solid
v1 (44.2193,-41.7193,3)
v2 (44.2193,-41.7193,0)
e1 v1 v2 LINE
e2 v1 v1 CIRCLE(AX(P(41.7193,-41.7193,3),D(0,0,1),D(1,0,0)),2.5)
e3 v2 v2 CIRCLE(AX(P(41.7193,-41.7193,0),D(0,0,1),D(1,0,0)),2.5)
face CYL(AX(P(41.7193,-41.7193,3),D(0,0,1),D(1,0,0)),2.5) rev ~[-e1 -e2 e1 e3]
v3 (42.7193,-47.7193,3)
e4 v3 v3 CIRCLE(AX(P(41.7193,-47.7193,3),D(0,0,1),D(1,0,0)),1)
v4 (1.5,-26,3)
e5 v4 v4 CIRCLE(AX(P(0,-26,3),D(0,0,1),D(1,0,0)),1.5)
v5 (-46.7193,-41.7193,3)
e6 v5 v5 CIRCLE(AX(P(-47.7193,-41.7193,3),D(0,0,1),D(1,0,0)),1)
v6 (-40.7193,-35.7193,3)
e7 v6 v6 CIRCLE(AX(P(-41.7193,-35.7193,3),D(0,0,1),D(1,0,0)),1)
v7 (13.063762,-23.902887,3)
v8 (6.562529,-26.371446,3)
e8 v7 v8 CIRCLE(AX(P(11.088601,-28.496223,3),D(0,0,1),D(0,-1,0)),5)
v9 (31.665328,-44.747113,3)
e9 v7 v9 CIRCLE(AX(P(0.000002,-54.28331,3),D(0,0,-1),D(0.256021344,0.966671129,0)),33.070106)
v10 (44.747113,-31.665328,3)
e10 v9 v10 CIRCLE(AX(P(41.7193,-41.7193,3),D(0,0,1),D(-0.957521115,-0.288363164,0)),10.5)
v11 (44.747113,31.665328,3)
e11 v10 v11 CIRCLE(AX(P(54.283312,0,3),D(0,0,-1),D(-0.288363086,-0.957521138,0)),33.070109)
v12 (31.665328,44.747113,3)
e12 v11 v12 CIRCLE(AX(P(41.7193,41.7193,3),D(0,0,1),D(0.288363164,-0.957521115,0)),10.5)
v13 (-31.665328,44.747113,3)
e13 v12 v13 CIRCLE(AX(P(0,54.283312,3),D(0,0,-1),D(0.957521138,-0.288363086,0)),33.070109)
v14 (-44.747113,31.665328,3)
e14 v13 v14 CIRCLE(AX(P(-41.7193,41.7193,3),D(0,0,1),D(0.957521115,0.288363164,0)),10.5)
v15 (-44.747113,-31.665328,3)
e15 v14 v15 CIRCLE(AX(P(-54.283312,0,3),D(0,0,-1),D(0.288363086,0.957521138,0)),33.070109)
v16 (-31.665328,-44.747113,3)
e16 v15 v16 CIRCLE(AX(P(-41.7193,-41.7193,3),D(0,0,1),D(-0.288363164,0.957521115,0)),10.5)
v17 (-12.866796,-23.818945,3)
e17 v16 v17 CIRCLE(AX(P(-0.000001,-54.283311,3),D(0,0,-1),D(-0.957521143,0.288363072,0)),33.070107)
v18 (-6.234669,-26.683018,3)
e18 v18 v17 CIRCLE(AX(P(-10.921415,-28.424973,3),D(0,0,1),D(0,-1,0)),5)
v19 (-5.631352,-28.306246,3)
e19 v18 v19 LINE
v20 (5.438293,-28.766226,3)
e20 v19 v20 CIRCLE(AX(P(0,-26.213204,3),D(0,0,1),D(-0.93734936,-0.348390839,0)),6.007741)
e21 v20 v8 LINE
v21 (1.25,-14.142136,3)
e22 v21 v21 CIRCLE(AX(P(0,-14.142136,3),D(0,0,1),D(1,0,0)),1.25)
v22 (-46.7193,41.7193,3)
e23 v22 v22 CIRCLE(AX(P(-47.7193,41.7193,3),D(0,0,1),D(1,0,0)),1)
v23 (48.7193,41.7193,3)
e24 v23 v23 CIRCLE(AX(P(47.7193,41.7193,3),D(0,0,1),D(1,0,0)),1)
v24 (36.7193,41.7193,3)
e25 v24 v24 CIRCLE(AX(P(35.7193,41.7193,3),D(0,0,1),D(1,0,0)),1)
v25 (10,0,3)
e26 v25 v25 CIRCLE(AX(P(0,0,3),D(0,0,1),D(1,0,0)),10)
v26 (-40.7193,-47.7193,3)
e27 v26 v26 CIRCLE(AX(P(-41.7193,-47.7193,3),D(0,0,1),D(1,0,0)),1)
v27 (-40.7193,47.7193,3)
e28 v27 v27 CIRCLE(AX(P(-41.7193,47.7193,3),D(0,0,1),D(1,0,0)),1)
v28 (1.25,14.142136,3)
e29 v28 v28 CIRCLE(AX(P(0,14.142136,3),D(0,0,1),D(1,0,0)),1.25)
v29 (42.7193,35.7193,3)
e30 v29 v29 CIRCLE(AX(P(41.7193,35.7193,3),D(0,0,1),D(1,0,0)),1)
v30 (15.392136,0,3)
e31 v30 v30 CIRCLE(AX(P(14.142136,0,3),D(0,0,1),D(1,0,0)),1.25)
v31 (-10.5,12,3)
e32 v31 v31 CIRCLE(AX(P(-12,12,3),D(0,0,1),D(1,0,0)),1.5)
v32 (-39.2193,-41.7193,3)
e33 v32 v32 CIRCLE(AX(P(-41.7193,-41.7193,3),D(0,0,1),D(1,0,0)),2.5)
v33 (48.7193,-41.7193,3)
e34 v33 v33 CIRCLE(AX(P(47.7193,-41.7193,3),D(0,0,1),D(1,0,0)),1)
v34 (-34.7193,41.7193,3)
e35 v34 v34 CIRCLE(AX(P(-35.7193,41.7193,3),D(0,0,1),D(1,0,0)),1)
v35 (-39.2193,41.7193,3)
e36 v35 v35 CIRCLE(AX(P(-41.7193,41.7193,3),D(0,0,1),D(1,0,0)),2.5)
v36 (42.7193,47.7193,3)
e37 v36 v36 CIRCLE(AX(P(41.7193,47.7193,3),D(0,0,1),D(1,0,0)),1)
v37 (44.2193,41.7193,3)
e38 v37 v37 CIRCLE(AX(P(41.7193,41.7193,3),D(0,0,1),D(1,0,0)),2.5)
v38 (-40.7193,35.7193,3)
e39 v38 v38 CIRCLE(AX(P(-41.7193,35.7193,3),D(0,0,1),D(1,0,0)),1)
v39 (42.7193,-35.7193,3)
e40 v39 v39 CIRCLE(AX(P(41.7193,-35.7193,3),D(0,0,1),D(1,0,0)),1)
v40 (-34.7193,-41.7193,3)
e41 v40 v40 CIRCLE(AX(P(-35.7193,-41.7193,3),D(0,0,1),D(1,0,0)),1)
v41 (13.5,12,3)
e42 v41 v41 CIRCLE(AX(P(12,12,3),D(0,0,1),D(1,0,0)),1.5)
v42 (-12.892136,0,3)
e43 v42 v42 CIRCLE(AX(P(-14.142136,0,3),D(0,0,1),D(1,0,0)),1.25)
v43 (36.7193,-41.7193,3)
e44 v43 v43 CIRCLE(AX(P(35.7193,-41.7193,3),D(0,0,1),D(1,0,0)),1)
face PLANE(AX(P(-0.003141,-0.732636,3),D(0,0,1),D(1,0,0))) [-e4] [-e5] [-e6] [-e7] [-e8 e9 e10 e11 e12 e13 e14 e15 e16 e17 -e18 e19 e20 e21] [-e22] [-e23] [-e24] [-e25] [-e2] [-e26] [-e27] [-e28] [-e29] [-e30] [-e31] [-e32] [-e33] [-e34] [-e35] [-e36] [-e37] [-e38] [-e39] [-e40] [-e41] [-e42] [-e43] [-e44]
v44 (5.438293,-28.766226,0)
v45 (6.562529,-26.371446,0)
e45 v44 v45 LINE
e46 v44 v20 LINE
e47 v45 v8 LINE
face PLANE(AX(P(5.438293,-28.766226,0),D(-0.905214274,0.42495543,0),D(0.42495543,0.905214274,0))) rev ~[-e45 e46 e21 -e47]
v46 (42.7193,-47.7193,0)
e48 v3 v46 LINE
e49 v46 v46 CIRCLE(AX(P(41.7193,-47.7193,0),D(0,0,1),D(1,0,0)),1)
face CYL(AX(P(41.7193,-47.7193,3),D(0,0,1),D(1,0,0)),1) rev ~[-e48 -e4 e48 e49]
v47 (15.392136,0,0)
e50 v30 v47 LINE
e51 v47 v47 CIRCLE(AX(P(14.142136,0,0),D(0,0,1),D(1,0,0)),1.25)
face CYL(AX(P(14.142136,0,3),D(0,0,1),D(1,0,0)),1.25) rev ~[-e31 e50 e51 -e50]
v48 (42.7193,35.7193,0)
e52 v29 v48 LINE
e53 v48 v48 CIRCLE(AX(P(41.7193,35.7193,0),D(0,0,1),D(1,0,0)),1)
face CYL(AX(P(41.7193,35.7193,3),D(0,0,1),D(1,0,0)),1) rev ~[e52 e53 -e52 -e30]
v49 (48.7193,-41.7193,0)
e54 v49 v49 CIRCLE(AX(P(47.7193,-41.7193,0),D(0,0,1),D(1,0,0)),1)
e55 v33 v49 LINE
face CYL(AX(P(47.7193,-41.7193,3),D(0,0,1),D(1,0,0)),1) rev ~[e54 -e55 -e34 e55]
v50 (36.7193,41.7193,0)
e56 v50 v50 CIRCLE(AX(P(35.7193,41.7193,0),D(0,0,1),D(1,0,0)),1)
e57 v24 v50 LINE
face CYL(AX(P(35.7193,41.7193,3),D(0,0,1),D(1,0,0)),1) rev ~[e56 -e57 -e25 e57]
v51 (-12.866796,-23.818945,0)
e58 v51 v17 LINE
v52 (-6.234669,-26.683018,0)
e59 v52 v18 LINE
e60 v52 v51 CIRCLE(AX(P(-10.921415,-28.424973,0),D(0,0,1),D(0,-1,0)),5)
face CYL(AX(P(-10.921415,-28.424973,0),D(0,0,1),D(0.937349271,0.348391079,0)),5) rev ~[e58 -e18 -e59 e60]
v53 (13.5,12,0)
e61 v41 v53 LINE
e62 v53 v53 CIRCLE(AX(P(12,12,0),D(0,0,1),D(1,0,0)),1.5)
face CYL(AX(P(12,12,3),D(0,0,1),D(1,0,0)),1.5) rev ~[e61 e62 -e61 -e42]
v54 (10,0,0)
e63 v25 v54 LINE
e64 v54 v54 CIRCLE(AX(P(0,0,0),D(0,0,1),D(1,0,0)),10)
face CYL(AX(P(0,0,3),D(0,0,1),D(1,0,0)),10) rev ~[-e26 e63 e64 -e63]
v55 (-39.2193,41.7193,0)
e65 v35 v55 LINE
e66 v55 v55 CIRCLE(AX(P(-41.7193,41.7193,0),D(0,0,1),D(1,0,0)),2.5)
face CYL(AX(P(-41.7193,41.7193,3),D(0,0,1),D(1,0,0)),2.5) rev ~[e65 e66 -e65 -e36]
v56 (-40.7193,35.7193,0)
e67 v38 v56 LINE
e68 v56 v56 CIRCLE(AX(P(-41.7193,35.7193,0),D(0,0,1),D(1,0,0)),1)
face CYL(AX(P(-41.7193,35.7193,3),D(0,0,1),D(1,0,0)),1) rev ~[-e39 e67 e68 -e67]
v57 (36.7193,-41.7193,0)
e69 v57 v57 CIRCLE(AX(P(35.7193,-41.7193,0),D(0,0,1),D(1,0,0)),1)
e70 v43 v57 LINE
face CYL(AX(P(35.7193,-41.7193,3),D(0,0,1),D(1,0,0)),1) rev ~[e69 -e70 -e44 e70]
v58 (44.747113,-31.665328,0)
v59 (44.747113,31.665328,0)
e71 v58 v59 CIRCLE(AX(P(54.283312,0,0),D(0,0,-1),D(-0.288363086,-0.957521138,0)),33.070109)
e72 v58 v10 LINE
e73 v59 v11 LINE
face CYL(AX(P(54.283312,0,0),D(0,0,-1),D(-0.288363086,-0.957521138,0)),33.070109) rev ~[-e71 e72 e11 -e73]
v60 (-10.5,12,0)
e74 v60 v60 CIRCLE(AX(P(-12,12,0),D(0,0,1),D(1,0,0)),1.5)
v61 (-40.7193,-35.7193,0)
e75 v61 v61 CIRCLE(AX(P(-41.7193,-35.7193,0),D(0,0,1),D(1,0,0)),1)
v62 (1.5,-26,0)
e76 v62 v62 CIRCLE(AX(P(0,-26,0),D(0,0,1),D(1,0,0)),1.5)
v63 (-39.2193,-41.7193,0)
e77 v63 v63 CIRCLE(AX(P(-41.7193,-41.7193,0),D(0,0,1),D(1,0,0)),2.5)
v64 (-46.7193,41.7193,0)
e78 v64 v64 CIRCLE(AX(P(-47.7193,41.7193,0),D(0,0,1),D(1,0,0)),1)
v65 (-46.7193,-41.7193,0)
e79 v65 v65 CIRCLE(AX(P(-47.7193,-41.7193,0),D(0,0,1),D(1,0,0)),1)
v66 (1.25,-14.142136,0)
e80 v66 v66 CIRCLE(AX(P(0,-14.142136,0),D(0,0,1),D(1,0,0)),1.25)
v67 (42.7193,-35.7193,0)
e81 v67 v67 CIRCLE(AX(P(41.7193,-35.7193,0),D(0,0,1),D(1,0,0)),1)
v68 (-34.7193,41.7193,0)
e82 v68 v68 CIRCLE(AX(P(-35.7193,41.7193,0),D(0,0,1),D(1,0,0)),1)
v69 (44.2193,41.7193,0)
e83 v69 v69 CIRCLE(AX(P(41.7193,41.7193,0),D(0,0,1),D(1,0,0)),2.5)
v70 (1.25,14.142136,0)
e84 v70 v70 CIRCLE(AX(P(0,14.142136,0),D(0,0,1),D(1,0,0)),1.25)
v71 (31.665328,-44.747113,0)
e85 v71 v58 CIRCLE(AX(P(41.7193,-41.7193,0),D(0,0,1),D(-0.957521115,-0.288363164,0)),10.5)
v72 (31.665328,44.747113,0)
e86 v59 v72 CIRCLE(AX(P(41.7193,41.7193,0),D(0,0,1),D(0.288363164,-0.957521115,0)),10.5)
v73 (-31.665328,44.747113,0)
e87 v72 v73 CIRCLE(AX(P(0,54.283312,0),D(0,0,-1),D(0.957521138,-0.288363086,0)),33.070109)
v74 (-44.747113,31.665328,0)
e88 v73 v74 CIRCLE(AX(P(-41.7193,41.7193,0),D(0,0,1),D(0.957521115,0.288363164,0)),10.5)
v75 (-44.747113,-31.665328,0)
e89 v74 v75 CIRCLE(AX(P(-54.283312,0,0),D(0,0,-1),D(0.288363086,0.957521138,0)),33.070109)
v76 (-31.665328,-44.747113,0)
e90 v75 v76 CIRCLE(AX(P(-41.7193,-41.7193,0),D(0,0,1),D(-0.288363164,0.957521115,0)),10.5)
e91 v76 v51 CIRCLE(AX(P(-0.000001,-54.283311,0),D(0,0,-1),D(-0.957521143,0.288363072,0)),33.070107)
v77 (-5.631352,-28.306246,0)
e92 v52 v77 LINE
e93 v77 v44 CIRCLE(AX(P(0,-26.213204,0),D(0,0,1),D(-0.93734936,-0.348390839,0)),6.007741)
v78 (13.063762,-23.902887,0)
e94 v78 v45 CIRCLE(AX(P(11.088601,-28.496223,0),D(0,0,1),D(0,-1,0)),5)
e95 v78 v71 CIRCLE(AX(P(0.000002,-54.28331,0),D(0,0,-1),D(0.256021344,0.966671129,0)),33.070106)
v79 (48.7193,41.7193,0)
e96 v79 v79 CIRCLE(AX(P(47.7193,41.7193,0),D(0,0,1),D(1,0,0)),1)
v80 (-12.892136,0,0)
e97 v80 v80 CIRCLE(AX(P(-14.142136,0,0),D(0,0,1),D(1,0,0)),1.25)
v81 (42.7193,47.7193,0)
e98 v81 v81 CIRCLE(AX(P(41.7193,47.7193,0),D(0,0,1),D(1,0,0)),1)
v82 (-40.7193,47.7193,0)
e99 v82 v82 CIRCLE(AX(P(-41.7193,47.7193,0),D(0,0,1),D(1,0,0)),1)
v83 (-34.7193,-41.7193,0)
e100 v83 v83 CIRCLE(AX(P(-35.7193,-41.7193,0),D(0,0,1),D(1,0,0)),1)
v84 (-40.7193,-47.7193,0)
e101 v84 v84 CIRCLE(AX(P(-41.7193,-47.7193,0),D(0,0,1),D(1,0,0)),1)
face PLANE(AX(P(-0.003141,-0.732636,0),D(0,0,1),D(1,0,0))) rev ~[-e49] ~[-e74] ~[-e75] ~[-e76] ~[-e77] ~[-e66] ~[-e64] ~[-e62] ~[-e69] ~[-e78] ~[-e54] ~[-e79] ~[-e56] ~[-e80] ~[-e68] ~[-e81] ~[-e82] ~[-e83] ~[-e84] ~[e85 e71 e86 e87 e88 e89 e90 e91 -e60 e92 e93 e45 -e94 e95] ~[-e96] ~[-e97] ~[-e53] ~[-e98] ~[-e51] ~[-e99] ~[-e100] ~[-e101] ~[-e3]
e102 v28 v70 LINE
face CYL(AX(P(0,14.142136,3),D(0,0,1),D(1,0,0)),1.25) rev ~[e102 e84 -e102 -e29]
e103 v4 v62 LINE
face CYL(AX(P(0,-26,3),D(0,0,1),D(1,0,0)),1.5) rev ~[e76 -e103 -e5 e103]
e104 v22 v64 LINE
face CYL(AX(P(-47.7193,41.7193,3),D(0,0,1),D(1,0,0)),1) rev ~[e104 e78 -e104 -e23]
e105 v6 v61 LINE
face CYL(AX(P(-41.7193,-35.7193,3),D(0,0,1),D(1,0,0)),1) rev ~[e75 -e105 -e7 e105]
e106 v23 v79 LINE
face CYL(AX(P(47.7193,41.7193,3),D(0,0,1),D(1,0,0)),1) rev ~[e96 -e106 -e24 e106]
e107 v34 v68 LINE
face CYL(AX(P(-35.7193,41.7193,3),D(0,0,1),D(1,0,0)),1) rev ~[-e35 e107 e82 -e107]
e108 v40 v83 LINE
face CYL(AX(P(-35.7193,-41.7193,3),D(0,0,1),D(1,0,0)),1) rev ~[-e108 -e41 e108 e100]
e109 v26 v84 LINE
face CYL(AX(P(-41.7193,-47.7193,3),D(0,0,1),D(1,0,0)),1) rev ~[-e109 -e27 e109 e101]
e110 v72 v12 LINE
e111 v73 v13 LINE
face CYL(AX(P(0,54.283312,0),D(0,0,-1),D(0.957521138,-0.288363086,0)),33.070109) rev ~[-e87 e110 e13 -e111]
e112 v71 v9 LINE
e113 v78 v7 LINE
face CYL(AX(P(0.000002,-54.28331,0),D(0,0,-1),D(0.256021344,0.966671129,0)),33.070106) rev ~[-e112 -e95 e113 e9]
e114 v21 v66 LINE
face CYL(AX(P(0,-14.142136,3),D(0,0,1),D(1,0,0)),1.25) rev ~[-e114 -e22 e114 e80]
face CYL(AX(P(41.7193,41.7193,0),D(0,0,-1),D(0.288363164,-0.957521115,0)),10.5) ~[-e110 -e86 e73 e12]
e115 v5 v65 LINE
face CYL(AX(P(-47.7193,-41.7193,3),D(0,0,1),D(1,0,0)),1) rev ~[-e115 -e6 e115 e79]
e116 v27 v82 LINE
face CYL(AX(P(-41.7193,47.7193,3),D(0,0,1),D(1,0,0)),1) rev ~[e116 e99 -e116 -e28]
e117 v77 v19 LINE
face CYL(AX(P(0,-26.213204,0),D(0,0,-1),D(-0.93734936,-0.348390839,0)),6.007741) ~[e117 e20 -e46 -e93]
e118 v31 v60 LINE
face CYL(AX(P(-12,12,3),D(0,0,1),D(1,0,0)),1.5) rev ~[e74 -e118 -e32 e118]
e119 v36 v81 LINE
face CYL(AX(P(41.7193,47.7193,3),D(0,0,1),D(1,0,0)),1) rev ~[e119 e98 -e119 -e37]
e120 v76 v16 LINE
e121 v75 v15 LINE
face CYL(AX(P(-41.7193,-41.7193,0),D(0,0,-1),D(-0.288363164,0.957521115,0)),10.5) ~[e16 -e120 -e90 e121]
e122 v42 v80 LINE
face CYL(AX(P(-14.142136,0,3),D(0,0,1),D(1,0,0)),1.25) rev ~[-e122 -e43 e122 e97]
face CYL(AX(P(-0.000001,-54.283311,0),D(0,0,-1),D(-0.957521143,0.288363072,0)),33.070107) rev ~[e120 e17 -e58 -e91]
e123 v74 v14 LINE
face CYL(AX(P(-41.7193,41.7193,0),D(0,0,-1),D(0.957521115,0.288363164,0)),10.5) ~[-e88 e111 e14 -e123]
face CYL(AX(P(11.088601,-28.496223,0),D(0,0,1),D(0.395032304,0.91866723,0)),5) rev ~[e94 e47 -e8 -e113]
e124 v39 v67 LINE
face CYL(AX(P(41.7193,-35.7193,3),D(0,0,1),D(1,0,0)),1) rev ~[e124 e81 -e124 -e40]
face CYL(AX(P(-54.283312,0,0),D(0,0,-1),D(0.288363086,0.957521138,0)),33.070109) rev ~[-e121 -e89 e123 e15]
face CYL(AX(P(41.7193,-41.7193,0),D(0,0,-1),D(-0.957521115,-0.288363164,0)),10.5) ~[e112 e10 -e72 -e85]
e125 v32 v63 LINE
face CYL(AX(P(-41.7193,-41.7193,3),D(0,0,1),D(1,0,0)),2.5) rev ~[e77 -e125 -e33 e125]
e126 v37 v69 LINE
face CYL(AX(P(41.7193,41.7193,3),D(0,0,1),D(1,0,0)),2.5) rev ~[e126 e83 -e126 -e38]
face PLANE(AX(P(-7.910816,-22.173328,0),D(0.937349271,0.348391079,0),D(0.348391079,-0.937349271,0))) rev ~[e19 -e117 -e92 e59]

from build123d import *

# Parameters (mm, degrees)
F1_DEPTH = 3
F2_R     = 1.25
F2_R_2   = 2.5
F2_R_3   = 1
F2_R_4   = 10
F2_R_5   = 1.5
F3_DEPTH = 3.001
F4_R     = 5


with BuildPart() as f1:
    # F0 (on Top) → F1 (new body)
    with BuildSketch(Plane.XY):
        with BuildLine():
            ThreePointArc((8.466655, -22.315393), (22.987813, -30.509533), (31.665328, -44.747113))
            ThreePointArc((31.665328, -44.747113), (49.143921, -49.143921), (44.747113, -31.665328))
            ThreePointArc((44.747113, -31.665328), (21.213203, 0), (44.747113, 31.665328))
            ThreePointArc((44.747113, 31.665328), (49.143921, 49.143921), (31.665328, 44.747113))
            ThreePointArc((31.665328, 44.747113), (0, 21.213203), (-31.665328, 44.747113))
            ThreePointArc((-31.665328, 44.747113), (-49.143921, 49.143921), (-44.747113, 31.665328))
            ThreePointArc((-44.747113, 31.665328), (-21.213203, 0), (-44.747113, -31.665328))
            ThreePointArc((-44.747113, -31.665328), (-49.143921, -49.143921), (-31.665328, -44.747113))
            ThreePointArc((-31.665328, -44.747113), (-22.780732, -30.311029), (-7.910816, -22.173328))
            Line((-7.910816, -22.173328), (-5.631352, -28.306246))
            ThreePointArc((-5.631352, -28.306246), (-0.249426, -32.215765), (5.438293, -28.766226))
            Line((5.438293, -28.766226), (8.466655, -22.315393))
        make_face()
    extrude(amount=F1_DEPTH)

    # F2 (on face) → F3 (cut, through all)
    with BuildSketch(Plane.XY.offset(3)):
        with Locations((0, -14.142136)):
            Circle(F2_R)
        with Locations((-14.142136, 0)):
            Circle(F2_R)
        with Locations((0, 14.142136)):
            Circle(F2_R)
        with Locations((14.142136, 0)):
            Circle(F2_R)
        with Locations((-41.7193, -41.7193)):
            Circle(F2_R_2)
        with Locations((41.7193, -41.7193)):
            Circle(F2_R_2)
        with Locations((41.7193, 41.7193)):
            Circle(F2_R_2)
        with Locations((-41.7193, 41.7193)):
            Circle(F2_R_2)
        with Locations((-35.7193, 41.7193)):
            Circle(F2_R_3)
        with Locations((-41.7193, 35.7193)):
            Circle(F2_R_3)
        with Locations((-47.7193, 41.7193)):
            Circle(F2_R_3)
        with Locations((-41.7193, 47.7193)):
            Circle(F2_R_3)
        with Locations((35.7193, 41.7193)):
            Circle(F2_R_3)
        with Locations((47.7193, 41.7193)):
            Circle(F2_R_3)
        with Locations((41.7193, 47.7193)):
            Circle(F2_R_3)
        with Locations((41.7193, 35.7193)):
            Circle(F2_R_3)
        with Locations((41.7193, -35.7193)):
            Circle(F2_R_3)
        with Locations((35.7193, -41.7193)):
            Circle(F2_R_3)
        with Locations((41.7193, -47.7193)):
            Circle(F2_R_3)
        with Locations((47.7193, -41.7193)):
            Circle(F2_R_3)
        with Locations((-47.7193, -41.7193)):
            Circle(F2_R_3)
        with Locations((-41.7193, -47.7193)):
            Circle(F2_R_3)
        with Locations((-35.7193, -41.7193)):
            Circle(F2_R_3)
        with Locations((-41.7193, -35.7193)):
            Circle(F2_R_3)
        Circle(F2_R_4)
        with Locations((-12, 12)):
            Circle(F2_R_5)
        with Locations((12, 12)):
            Circle(F2_R_5)
        with Locations((0, -26)):
            Circle(F2_R_5)
    extrude(amount=-F3_DEPTH, mode=Mode.SUBTRACT)

    # F4
    f4_edges = [f1.edges().sort_by_distance(p)[0] for p in [
        (-7.910816, -22.173328, 1.5),
        (8.466655, -22.315393, 1.5),
    ]]
    fillet(f4_edges, radius=F4_R)


solid = f1.part
